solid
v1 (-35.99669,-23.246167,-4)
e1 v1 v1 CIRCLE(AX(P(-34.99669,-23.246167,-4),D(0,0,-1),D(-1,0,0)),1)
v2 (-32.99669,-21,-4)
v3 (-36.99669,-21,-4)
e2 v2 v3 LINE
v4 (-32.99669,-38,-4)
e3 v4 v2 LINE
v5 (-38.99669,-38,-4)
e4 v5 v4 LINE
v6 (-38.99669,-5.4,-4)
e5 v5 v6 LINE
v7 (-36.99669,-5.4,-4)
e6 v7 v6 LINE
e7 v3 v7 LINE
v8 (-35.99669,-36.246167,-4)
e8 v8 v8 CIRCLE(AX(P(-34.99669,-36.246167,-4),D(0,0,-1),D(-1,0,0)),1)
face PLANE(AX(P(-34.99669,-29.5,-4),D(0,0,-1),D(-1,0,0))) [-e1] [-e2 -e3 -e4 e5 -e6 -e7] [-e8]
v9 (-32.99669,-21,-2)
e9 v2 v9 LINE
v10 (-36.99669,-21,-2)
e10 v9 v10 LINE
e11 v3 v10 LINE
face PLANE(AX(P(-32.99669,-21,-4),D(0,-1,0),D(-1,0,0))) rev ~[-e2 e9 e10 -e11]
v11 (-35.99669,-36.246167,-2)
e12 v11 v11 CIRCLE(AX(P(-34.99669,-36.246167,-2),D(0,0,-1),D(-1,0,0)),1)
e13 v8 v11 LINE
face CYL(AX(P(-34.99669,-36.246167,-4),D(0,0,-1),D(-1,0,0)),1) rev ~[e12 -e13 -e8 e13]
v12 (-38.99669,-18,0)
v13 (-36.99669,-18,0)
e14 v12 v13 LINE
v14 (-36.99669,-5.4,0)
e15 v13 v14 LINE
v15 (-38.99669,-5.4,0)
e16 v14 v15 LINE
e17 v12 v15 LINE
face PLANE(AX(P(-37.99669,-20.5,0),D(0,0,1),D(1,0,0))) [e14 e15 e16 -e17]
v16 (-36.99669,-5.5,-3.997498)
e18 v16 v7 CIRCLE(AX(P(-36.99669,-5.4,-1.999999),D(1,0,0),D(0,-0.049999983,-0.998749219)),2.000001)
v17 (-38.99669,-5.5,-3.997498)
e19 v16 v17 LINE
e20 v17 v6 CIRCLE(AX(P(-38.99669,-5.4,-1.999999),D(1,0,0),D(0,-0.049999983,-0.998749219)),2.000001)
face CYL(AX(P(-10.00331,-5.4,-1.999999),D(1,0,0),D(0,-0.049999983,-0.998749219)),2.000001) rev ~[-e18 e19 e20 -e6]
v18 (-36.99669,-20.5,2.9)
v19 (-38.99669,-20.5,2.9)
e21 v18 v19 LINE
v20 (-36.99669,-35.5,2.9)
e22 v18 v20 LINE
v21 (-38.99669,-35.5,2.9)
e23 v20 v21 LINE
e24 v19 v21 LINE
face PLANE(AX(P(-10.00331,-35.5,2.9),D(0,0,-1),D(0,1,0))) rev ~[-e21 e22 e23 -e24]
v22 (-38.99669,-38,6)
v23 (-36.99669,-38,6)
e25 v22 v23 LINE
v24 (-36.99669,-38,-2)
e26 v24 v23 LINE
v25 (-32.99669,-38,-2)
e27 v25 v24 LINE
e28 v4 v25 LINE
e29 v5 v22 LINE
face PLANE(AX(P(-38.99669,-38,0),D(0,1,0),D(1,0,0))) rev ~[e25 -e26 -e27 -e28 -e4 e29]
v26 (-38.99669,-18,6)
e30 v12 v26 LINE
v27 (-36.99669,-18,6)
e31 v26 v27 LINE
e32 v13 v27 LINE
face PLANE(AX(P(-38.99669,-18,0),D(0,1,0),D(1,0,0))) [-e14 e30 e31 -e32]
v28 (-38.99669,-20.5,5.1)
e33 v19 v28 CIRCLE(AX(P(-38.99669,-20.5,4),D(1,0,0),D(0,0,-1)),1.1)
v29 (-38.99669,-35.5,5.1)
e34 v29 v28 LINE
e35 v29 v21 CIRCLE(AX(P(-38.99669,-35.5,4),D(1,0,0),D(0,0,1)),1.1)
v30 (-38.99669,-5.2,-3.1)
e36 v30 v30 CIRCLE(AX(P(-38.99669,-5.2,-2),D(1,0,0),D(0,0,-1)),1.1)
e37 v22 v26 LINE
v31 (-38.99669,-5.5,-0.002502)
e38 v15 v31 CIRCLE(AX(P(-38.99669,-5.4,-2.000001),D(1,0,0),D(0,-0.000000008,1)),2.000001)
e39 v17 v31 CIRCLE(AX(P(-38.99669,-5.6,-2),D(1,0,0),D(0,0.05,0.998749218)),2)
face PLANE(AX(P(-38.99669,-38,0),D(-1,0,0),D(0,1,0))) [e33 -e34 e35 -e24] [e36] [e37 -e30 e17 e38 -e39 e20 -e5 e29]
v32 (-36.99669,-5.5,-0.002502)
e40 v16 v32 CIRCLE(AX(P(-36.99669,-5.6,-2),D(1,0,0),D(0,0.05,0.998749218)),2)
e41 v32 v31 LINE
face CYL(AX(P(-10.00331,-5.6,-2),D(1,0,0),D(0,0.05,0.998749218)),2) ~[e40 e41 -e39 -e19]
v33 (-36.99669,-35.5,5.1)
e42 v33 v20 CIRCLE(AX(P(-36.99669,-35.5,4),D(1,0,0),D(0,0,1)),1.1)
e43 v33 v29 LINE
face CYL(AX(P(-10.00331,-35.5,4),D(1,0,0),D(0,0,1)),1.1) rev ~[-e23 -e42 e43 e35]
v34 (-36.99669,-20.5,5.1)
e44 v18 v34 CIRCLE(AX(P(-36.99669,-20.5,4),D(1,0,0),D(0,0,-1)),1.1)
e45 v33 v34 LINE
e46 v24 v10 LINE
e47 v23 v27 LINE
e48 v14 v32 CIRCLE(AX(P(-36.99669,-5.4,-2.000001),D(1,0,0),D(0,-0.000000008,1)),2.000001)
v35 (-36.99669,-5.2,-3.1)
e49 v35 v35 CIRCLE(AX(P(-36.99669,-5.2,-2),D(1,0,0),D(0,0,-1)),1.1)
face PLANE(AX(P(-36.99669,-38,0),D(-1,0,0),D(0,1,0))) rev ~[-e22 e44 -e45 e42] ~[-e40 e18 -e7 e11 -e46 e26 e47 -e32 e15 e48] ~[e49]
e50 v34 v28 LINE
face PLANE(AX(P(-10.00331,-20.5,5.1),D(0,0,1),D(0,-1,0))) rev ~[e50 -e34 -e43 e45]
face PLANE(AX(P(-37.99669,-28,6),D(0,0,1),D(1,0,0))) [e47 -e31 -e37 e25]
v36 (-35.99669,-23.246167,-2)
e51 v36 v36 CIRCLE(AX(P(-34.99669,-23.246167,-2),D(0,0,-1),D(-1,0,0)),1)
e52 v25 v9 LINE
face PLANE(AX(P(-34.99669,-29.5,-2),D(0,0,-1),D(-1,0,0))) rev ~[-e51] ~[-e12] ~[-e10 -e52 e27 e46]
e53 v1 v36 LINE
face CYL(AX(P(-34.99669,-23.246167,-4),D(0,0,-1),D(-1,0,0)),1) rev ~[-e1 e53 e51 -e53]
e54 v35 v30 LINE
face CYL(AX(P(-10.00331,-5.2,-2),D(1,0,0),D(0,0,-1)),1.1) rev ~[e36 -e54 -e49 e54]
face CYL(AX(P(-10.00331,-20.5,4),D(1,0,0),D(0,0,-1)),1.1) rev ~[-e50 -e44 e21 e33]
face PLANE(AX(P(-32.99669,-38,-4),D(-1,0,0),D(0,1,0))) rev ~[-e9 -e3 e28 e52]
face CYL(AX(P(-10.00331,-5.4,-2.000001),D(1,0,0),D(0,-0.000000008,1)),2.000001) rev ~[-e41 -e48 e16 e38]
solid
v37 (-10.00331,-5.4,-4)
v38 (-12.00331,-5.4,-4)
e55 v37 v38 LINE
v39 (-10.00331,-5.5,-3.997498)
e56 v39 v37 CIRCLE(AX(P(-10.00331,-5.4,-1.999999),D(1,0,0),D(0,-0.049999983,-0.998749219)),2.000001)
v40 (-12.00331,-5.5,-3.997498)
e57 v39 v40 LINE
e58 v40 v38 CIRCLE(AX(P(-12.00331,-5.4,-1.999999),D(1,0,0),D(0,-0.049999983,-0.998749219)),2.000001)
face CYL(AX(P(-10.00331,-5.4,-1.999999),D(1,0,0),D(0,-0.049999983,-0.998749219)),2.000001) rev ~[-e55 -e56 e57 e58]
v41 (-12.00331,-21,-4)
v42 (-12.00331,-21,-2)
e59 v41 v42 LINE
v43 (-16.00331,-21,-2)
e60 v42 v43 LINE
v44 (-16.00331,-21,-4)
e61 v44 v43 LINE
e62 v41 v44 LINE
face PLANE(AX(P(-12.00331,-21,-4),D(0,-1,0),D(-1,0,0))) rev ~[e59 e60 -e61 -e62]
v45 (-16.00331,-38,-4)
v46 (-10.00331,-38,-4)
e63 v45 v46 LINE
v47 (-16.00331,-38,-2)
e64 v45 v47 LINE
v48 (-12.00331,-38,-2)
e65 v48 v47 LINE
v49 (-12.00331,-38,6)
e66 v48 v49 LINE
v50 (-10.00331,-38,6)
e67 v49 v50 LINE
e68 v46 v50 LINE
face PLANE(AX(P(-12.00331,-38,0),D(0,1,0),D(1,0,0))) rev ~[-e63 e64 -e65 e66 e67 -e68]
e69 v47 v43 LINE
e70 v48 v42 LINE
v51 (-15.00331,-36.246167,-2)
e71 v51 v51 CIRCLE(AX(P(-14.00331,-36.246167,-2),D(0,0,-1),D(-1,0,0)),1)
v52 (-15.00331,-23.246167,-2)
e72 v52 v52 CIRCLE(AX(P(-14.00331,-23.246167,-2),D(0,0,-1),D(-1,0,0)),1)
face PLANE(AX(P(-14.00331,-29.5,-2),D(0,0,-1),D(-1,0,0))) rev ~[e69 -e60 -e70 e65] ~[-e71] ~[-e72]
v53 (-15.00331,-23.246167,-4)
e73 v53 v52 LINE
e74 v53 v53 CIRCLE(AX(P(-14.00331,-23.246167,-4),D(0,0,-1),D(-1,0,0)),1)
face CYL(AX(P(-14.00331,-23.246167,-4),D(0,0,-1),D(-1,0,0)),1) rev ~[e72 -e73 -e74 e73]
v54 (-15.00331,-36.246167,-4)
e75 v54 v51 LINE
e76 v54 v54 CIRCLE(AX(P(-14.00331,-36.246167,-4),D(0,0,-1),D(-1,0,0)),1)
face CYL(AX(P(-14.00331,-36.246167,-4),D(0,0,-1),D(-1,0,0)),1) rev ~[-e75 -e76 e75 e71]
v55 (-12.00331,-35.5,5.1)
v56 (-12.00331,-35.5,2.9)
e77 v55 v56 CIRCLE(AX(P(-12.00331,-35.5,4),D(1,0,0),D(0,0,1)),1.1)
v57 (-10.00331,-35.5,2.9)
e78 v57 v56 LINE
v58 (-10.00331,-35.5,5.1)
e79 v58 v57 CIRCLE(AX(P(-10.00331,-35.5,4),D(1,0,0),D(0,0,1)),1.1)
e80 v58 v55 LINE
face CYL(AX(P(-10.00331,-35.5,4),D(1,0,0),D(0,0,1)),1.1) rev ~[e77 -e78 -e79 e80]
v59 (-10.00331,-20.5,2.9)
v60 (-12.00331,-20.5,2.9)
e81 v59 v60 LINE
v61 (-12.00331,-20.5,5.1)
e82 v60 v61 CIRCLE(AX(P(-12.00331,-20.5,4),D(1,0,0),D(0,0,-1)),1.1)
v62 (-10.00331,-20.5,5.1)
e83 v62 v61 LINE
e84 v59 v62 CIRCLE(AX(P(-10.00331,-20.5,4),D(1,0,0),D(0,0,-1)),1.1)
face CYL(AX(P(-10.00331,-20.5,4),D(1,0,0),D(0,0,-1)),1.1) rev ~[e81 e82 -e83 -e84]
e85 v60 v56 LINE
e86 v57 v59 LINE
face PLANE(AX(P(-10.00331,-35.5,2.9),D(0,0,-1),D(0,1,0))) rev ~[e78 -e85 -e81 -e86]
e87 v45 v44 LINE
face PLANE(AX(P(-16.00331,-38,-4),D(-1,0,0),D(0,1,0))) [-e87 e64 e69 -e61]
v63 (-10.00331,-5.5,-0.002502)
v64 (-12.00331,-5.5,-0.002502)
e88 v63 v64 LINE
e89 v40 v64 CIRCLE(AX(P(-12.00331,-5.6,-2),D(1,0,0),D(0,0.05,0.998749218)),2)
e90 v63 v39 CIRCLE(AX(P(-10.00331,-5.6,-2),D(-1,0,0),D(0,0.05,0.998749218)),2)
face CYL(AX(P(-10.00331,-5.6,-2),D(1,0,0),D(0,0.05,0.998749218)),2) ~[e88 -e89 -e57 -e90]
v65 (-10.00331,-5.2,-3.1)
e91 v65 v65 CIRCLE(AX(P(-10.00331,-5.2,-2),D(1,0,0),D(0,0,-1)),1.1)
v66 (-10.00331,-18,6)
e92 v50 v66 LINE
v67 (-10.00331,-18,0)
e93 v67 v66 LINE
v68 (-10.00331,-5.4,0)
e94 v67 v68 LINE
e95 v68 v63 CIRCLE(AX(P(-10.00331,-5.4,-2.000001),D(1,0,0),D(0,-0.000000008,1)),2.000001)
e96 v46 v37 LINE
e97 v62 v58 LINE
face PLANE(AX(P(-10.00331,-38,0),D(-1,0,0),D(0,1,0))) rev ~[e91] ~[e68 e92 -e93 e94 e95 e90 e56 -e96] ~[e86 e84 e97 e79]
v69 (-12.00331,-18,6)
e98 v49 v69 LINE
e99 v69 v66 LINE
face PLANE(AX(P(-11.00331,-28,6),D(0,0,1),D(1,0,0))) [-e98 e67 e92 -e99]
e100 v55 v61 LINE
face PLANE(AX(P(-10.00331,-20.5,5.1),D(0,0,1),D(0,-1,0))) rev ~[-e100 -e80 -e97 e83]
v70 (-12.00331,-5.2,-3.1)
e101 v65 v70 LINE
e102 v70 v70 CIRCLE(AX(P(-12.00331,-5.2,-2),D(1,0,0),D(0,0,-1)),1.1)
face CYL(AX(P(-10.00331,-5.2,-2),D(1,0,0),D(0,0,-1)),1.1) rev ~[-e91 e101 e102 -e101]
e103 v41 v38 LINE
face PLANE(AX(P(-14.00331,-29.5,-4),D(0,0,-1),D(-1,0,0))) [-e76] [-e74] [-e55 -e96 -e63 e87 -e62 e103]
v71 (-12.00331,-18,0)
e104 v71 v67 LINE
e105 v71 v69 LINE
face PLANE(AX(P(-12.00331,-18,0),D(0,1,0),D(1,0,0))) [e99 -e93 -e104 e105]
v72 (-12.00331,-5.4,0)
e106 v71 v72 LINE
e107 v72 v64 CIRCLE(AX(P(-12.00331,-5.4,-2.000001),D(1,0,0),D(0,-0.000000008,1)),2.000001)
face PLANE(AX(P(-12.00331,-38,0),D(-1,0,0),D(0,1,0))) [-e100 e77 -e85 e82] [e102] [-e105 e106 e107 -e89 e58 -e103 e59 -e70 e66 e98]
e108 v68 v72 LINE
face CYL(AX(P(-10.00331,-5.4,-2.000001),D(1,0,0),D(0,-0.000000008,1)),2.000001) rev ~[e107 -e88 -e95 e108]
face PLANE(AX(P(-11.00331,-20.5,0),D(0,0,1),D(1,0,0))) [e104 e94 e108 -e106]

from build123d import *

# Parameters (mm, degrees)
SKETCH_1_W          = 2
SKETCH_1_H          = 35
EXTRUDE_1_DEPTH     = 4
EXTRUDE_1_2_DEPTH   = 4
SKETCH_2_W          = 4
SKETCH_2_H          = 17
EXTRUDE_2_DEPTH     = 2
SKETCH_3_R          = 1
CUT_EXTRUDE_1_DEPTH = 2
SKETCH_5_W          = 2
SKETCH_5_H          = 20
EXTRUDE_3_DEPTH     = 6
CUT_EXTRUDE_2_DEPTH = 29.99338081
CUT_EXTRUDE_3_DEPTH = 29.99338081
CUT_EXTRUDE_4_DEPTH = 29.99338081
SKETCH_9_R          = 1.1
CUT_EXTRUDE_5_DEPTH = 29.99338081


with BuildPart() as part:
    # 草图1 → 凸台-拉伸1 (new body)
    with BuildSketch(Plane.XY):
        with Locations((-37.996690405, -20.5)):
            Rectangle(SKETCH_1_W, SKETCH_1_H)
    extrude(amount=-EXTRUDE_1_DEPTH)



with BuildPart() as body_2:
    # 草图1 → Extrude 1 2 (new body)
    with BuildSketch(Plane.XY):
        with Locations((-11.003309595, -20.5)):
            Rectangle(SKETCH_1_W, SKETCH_1_H)
    extrude(amount=-EXTRUDE_1_2_DEPTH)


with BuildPart() as part_1:
    add(part.part)

    add(body_2.part)  # 凸台-拉伸2 merges body 2
    # 草图2 → 凸台-拉伸2 (add)
    with BuildSketch(Plane(origin=(0, 0, -4), x_dir=(-1, 0, 0), z_dir=(0, 0, -1))):
        with Locations((34.996690405, -29.5)):
            Rectangle(SKETCH_2_W, SKETCH_2_H)
        with Locations((14.003309595, -29.5)):
            Rectangle(SKETCH_2_W, SKETCH_2_H)
    extrude(amount=-EXTRUDE_2_DEPTH)

    # 草图3 → 切除-拉伸1 (cut)
    with BuildSketch(Plane(origin=(0, 0, -4), x_dir=(-1, 0, 0), z_dir=(0, 0, -1))):
        with Locations((34.996690405, -36.24616654)):
            Circle(SKETCH_3_R)
        with Locations((34.996690405, -23.24616654)):
            Circle(SKETCH_3_R)
        with Locations((14.003309595, -36.24616654)):
            Circle(SKETCH_3_R)
        with Locations((14.003309595, -23.24616654)):
            Circle(SKETCH_3_R)
    extrude(amount=-CUT_EXTRUDE_1_DEPTH, mode=Mode.SUBTRACT)

    # 草图5 → 凸台-拉伸3 (add)
    with BuildSketch(Plane.XY):
        with Locations((-11.003309595, -28)):
            Rectangle(SKETCH_5_W, SKETCH_5_H)
        with Locations((-37.996690405, -28)):
            Rectangle(SKETCH_5_W, SKETCH_5_H)
    extrude(amount=EXTRUDE_3_DEPTH)

    # 草图6 → 切除-拉伸2 (cut, through all)
    with BuildSketch(Plane(origin=(-10.003309595, 0, 0), x_dir=(0, 0, -1), z_dir=(1, 0, 0))):
        with BuildLine():
            Line((-5.1, -20.5), (-5.1, -35.5))
            ThreePointArc((-5.1, -35.5), (-4, -36.6), (-2.9, -35.5))
            Line((-2.9, -35.5), (-2.9, -20.5))
            ThreePointArc((-2.9, -20.5), (-4, -19.4), (-5.1, -20.5))
        make_face()
    extrude(amount=-CUT_EXTRUDE_2_DEPTH, mode=Mode.SUBTRACT)

    # 草图7 → 切除-拉伸3 (cut, through all)
    with BuildSketch(Plane(origin=(-10.003309595, 0, 0), x_dir=(0, 0, -1), z_dir=(1, 0, 0))):
        with BuildLine():
            Line((4, -3), (0, -3))
            Line((0, -3), (0, -5.4))
            ThreePointArc((0, -5.4), (2, -3.4), (4, -5.4))
            Line((4, -5.4), (4, -3))
        make_face()
    extrude(amount=-CUT_EXTRUDE_3_DEPTH, mode=Mode.SUBTRACT)

    # 草图8 → 切除-拉伸4 (cut, through all)
    with BuildSketch(Plane(origin=(-10.003309595, 0, 0), x_dir=(0, 0, -1), z_dir=(1, 0, 0))):
        with BuildLine():
            ThreePointArc((4, -5.4), (2, -3.4), (0, -5.4))
            ThreePointArc((0, -5.4), (0.000625489, -5.450015642), (0.002501564, -5.5))
            ThreePointArc((0.002501564, -5.5), (2, -3.6), (3.997498436, -5.5))
            ThreePointArc((3.997498436, -5.5), (3.999374511, -5.450015642), (4, -5.4))
        make_face()
    extrude(amount=-CUT_EXTRUDE_4_DEPTH, mode=Mode.SUBTRACT)

    # 草图9 → 切除-拉伸5 (cut, through all)
    with BuildSketch(Plane(origin=(-10.003309595, 0, 0), x_dir=(0, 0, -1), z_dir=(1, 0, 0))):
        with Locations((2, -5.2)):
            Circle(SKETCH_9_R)
    extrude(amount=-CUT_EXTRUDE_5_DEPTH, mode=Mode.SUBTRACT)


solid = part_1.part
